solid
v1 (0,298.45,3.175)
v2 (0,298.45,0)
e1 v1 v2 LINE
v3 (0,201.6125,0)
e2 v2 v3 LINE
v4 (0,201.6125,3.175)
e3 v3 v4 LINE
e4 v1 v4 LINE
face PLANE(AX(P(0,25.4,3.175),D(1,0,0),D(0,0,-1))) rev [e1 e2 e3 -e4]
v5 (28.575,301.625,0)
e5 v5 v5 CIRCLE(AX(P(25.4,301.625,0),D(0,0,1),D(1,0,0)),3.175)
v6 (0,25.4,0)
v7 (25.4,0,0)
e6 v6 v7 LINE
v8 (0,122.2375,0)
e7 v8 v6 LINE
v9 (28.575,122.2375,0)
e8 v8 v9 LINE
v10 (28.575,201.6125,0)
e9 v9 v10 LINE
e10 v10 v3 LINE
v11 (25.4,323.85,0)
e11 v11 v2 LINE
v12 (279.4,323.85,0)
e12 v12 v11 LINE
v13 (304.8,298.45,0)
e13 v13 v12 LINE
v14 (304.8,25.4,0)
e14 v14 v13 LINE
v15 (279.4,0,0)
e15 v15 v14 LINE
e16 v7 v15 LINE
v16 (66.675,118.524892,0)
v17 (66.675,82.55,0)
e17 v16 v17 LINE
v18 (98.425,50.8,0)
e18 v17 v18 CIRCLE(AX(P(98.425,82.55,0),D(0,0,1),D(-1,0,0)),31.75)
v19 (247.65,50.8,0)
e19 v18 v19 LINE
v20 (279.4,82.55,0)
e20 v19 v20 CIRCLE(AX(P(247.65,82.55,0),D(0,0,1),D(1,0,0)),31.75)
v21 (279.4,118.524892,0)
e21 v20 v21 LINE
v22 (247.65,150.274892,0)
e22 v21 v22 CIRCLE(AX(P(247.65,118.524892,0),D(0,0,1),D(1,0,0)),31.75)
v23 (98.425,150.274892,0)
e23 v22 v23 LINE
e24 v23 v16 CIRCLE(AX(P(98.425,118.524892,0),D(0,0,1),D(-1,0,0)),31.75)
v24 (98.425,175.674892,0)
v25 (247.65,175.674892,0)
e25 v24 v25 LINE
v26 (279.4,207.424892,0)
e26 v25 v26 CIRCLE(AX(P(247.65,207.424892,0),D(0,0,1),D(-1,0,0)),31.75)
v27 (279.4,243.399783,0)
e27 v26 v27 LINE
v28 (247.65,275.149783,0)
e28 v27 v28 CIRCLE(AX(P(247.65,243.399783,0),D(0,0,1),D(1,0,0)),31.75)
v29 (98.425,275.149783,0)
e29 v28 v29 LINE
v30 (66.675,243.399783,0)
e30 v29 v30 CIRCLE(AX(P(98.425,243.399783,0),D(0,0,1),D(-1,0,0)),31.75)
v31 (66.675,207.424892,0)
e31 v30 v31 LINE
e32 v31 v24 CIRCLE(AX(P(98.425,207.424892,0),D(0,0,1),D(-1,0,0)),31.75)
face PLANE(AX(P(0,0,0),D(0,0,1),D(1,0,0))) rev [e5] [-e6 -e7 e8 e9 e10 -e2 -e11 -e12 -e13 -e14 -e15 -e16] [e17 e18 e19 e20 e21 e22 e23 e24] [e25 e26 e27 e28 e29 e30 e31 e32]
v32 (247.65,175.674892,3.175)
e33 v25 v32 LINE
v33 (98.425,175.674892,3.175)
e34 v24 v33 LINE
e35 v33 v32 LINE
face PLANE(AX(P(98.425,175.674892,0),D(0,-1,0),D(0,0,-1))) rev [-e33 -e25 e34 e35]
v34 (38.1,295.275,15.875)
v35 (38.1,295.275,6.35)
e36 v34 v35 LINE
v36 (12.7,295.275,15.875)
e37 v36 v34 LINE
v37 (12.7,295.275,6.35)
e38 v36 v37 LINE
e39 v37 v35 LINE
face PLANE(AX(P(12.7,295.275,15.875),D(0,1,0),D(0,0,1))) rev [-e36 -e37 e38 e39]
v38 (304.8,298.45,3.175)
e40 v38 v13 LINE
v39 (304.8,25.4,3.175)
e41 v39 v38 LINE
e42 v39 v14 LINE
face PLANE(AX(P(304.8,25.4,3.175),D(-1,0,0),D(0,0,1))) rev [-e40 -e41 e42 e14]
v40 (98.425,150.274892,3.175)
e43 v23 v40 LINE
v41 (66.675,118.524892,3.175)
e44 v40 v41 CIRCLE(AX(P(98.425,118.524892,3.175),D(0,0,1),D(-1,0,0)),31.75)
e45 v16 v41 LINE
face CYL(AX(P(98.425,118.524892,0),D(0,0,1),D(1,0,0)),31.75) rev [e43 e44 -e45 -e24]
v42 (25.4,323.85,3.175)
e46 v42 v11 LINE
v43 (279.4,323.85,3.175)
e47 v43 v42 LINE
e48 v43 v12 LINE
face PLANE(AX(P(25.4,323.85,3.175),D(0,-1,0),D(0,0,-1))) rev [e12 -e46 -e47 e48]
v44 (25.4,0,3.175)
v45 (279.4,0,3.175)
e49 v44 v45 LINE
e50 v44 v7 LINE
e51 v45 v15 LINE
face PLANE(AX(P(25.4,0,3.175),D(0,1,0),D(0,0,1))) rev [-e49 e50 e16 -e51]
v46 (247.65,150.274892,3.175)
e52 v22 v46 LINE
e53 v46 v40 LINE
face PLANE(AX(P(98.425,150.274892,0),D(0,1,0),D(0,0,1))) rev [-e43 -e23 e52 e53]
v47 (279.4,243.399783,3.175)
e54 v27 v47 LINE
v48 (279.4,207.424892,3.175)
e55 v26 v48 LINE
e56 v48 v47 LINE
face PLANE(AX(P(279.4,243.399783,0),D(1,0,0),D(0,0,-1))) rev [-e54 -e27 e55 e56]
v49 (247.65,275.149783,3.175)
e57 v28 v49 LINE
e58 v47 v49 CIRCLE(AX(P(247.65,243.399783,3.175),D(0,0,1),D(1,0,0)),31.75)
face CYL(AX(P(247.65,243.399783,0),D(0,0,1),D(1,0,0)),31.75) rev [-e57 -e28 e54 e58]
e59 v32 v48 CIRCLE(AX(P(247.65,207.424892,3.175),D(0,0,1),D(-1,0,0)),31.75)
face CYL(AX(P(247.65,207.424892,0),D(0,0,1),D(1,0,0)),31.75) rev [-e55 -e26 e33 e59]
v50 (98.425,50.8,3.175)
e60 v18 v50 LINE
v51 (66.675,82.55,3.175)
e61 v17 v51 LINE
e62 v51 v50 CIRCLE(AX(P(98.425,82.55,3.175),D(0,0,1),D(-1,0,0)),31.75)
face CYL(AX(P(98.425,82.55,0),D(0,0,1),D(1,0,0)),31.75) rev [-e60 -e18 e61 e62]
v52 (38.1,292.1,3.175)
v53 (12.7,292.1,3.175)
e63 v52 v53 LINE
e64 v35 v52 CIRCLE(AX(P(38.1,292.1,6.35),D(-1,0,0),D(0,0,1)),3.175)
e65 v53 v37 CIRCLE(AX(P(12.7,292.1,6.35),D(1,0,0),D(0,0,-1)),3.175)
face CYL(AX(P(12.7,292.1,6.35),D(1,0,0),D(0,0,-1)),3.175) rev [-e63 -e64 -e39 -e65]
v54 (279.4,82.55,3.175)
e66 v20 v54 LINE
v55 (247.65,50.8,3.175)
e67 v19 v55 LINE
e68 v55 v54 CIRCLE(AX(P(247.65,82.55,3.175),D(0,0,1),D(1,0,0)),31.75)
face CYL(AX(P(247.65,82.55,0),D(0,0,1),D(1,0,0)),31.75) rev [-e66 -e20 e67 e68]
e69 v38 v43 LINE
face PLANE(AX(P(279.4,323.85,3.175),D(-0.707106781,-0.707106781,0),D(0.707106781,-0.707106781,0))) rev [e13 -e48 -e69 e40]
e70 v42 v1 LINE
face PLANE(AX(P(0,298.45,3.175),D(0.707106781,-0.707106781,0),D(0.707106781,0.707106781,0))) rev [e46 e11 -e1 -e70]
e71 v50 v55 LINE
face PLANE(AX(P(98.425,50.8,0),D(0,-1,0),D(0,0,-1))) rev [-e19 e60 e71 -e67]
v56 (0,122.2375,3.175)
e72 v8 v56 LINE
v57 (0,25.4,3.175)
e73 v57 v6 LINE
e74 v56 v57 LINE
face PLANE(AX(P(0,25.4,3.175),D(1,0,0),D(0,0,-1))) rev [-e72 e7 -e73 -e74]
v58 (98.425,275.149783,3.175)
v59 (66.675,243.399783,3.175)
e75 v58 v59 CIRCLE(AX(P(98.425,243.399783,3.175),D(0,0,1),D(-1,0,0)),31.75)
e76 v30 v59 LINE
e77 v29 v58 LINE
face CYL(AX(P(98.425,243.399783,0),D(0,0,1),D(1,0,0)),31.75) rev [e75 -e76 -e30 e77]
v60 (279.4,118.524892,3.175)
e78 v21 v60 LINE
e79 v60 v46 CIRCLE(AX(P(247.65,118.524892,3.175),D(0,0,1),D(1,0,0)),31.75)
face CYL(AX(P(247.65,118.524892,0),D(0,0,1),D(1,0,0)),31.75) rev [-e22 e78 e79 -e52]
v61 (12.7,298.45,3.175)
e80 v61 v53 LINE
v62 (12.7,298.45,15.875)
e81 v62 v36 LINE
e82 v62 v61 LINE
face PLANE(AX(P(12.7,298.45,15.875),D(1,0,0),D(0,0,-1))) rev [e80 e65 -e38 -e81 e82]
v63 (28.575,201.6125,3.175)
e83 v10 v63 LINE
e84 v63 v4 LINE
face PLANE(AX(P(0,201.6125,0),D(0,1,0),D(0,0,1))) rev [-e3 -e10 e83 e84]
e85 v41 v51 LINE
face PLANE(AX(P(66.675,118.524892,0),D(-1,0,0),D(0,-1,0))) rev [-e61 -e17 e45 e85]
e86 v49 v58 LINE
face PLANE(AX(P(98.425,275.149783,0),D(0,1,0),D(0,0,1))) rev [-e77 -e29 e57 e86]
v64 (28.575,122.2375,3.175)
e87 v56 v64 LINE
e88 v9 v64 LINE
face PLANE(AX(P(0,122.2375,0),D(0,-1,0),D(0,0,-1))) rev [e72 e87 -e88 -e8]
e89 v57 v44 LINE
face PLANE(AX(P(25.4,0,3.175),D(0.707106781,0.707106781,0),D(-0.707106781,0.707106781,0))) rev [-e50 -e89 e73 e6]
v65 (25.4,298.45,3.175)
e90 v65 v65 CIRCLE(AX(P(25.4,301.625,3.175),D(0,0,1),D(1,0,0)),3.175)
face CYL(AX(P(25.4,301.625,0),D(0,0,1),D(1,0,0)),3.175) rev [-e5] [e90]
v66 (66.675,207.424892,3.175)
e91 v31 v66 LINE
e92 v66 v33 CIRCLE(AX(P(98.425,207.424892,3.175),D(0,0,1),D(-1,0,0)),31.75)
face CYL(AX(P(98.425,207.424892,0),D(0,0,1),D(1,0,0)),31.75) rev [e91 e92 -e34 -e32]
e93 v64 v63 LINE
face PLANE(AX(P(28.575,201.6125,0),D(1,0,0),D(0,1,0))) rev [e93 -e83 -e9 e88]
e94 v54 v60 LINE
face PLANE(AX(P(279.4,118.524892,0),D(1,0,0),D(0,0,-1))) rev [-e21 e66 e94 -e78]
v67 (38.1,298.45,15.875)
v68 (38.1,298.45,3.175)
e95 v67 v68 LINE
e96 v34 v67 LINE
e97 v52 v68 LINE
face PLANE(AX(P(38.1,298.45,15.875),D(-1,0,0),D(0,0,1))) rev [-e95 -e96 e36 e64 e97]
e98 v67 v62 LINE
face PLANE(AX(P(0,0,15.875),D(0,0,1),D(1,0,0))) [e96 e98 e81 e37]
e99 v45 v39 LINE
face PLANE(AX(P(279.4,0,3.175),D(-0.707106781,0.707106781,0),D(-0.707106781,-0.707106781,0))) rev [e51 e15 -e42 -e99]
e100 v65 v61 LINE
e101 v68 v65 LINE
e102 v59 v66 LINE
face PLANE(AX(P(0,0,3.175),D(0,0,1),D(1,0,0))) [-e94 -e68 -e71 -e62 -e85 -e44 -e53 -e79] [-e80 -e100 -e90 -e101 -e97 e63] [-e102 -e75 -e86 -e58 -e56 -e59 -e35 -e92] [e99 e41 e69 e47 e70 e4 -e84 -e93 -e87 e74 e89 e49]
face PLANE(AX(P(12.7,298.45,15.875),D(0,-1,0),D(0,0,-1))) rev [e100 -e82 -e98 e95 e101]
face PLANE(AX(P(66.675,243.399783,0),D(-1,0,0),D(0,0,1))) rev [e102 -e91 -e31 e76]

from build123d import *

# Parameters (mm, degrees)
BOSS_EXTRUDE2_DEPTH = 3.175
SKETCH4_W           = 28.575
SKETCH4_H           = 79.375
CUT_EXTRUDE2_DEPTH  = 3.175
CUT_EXTRUDE3_DEPTH  = 3.175
SKETCH9_R           = 3.175
CUT_EXTRUDE4_DEPTH  = 3.175
SKETCH11_W          = 25.4
SKETCH11_H          = 3.175
BOSS_EXTRUDE3_DEPTH = 12.7
FILLET2_R           = 3.175


with BuildPart() as part:
    # Sketch1 → Boss-Extrude2 (new body)
    with BuildSketch(Plane.XY):
        Polygon((0, 298.45), (25.4, 323.85), (279.4, 323.85), (304.8, 298.45), (304.8, 25.4), (279.4, 0), (25.4, 0), (0, 25.4), align=None)
    extrude(amount=BOSS_EXTRUDE2_DEPTH)

    # Sketch4 → Cut-Extrude2 (cut)
    with BuildSketch(Plane.XY.offset(3.175)):
        with Locations((14.2875, 161.925)):
            Rectangle(SKETCH4_W, SKETCH4_H)
    extrude(amount=-CUT_EXTRUDE2_DEPTH, mode=Mode.SUBTRACT)

    # Sketch5 → Cut-Extrude3 (cut)
    with BuildSketch(Plane.XY.offset(3.175)):
        with BuildLine():
            Line((98.425, 275.149783319), (247.65, 275.149783319))
            ThreePointArc((247.65, 275.149783319), (270.100640303, 265.850423621), (279.4, 243.399783319))
            Line((279.4, 243.399783319), (279.4, 207.424891659))
            ThreePointArc((279.4, 207.424891659), (270.100640303, 184.974251357), (247.65, 175.674891659))
            Line((247.65, 175.674891659), (98.425, 175.674891659))
            ThreePointArc((98.425, 175.674891659), (75.974359697, 184.974251357), (66.675, 207.424891659))
            Line((66.675, 207.424891659), (66.675, 243.399783319))
            ThreePointArc((66.675, 243.399783319), (75.974359697, 265.850423621), (98.425, 275.149783319))
        make_face()
        with BuildLine():
            Line((98.425, 150.274891659), (247.65, 150.274891659))
            ThreePointArc((247.65, 150.274891659), (270.100640303, 140.975531962), (279.4, 118.524891659))
            Line((279.4, 118.524891659), (279.4, 82.55))
            ThreePointArc((279.4, 82.55), (270.100640303, 60.099359697), (247.65, 50.8))
            Line((247.65, 50.8), (98.425, 50.8))
            ThreePointArc((98.425, 50.8), (75.974359697, 60.099359697), (66.675, 82.55))
            Line((66.675, 82.55), (66.675, 118.524891659))
            ThreePointArc((66.675, 118.524891659), (75.974359697, 140.975531962), (98.425, 150.274891659))
        make_face()
    extrude(amount=-CUT_EXTRUDE3_DEPTH, mode=Mode.SUBTRACT)

    # Sketch9 → Cut-Extrude4 (cut)
    with BuildSketch(Plane.XY.offset(3.175)):
        with Locations((25.4, 301.625)):
            Circle(SKETCH9_R)
    extrude(amount=-CUT_EXTRUDE4_DEPTH, mode=Mode.SUBTRACT)

    # Sketch11 → Boss-Extrude3 (add)
    with BuildSketch(Plane.XY.offset(3.175)):
        with Locations((25.4, 296.8625)):
            Rectangle(SKETCH11_W, SKETCH11_H)
    extrude(amount=BOSS_EXTRUDE3_DEPTH)

    # Fillet2
    fillet2_edges = [part.edges().sort_by_distance(p)[0] for p in [
        (25.4, 295.275, 3.175),
    ]]
    fillet(fillet2_edges, radius=FILLET2_R)


solid = part.part
